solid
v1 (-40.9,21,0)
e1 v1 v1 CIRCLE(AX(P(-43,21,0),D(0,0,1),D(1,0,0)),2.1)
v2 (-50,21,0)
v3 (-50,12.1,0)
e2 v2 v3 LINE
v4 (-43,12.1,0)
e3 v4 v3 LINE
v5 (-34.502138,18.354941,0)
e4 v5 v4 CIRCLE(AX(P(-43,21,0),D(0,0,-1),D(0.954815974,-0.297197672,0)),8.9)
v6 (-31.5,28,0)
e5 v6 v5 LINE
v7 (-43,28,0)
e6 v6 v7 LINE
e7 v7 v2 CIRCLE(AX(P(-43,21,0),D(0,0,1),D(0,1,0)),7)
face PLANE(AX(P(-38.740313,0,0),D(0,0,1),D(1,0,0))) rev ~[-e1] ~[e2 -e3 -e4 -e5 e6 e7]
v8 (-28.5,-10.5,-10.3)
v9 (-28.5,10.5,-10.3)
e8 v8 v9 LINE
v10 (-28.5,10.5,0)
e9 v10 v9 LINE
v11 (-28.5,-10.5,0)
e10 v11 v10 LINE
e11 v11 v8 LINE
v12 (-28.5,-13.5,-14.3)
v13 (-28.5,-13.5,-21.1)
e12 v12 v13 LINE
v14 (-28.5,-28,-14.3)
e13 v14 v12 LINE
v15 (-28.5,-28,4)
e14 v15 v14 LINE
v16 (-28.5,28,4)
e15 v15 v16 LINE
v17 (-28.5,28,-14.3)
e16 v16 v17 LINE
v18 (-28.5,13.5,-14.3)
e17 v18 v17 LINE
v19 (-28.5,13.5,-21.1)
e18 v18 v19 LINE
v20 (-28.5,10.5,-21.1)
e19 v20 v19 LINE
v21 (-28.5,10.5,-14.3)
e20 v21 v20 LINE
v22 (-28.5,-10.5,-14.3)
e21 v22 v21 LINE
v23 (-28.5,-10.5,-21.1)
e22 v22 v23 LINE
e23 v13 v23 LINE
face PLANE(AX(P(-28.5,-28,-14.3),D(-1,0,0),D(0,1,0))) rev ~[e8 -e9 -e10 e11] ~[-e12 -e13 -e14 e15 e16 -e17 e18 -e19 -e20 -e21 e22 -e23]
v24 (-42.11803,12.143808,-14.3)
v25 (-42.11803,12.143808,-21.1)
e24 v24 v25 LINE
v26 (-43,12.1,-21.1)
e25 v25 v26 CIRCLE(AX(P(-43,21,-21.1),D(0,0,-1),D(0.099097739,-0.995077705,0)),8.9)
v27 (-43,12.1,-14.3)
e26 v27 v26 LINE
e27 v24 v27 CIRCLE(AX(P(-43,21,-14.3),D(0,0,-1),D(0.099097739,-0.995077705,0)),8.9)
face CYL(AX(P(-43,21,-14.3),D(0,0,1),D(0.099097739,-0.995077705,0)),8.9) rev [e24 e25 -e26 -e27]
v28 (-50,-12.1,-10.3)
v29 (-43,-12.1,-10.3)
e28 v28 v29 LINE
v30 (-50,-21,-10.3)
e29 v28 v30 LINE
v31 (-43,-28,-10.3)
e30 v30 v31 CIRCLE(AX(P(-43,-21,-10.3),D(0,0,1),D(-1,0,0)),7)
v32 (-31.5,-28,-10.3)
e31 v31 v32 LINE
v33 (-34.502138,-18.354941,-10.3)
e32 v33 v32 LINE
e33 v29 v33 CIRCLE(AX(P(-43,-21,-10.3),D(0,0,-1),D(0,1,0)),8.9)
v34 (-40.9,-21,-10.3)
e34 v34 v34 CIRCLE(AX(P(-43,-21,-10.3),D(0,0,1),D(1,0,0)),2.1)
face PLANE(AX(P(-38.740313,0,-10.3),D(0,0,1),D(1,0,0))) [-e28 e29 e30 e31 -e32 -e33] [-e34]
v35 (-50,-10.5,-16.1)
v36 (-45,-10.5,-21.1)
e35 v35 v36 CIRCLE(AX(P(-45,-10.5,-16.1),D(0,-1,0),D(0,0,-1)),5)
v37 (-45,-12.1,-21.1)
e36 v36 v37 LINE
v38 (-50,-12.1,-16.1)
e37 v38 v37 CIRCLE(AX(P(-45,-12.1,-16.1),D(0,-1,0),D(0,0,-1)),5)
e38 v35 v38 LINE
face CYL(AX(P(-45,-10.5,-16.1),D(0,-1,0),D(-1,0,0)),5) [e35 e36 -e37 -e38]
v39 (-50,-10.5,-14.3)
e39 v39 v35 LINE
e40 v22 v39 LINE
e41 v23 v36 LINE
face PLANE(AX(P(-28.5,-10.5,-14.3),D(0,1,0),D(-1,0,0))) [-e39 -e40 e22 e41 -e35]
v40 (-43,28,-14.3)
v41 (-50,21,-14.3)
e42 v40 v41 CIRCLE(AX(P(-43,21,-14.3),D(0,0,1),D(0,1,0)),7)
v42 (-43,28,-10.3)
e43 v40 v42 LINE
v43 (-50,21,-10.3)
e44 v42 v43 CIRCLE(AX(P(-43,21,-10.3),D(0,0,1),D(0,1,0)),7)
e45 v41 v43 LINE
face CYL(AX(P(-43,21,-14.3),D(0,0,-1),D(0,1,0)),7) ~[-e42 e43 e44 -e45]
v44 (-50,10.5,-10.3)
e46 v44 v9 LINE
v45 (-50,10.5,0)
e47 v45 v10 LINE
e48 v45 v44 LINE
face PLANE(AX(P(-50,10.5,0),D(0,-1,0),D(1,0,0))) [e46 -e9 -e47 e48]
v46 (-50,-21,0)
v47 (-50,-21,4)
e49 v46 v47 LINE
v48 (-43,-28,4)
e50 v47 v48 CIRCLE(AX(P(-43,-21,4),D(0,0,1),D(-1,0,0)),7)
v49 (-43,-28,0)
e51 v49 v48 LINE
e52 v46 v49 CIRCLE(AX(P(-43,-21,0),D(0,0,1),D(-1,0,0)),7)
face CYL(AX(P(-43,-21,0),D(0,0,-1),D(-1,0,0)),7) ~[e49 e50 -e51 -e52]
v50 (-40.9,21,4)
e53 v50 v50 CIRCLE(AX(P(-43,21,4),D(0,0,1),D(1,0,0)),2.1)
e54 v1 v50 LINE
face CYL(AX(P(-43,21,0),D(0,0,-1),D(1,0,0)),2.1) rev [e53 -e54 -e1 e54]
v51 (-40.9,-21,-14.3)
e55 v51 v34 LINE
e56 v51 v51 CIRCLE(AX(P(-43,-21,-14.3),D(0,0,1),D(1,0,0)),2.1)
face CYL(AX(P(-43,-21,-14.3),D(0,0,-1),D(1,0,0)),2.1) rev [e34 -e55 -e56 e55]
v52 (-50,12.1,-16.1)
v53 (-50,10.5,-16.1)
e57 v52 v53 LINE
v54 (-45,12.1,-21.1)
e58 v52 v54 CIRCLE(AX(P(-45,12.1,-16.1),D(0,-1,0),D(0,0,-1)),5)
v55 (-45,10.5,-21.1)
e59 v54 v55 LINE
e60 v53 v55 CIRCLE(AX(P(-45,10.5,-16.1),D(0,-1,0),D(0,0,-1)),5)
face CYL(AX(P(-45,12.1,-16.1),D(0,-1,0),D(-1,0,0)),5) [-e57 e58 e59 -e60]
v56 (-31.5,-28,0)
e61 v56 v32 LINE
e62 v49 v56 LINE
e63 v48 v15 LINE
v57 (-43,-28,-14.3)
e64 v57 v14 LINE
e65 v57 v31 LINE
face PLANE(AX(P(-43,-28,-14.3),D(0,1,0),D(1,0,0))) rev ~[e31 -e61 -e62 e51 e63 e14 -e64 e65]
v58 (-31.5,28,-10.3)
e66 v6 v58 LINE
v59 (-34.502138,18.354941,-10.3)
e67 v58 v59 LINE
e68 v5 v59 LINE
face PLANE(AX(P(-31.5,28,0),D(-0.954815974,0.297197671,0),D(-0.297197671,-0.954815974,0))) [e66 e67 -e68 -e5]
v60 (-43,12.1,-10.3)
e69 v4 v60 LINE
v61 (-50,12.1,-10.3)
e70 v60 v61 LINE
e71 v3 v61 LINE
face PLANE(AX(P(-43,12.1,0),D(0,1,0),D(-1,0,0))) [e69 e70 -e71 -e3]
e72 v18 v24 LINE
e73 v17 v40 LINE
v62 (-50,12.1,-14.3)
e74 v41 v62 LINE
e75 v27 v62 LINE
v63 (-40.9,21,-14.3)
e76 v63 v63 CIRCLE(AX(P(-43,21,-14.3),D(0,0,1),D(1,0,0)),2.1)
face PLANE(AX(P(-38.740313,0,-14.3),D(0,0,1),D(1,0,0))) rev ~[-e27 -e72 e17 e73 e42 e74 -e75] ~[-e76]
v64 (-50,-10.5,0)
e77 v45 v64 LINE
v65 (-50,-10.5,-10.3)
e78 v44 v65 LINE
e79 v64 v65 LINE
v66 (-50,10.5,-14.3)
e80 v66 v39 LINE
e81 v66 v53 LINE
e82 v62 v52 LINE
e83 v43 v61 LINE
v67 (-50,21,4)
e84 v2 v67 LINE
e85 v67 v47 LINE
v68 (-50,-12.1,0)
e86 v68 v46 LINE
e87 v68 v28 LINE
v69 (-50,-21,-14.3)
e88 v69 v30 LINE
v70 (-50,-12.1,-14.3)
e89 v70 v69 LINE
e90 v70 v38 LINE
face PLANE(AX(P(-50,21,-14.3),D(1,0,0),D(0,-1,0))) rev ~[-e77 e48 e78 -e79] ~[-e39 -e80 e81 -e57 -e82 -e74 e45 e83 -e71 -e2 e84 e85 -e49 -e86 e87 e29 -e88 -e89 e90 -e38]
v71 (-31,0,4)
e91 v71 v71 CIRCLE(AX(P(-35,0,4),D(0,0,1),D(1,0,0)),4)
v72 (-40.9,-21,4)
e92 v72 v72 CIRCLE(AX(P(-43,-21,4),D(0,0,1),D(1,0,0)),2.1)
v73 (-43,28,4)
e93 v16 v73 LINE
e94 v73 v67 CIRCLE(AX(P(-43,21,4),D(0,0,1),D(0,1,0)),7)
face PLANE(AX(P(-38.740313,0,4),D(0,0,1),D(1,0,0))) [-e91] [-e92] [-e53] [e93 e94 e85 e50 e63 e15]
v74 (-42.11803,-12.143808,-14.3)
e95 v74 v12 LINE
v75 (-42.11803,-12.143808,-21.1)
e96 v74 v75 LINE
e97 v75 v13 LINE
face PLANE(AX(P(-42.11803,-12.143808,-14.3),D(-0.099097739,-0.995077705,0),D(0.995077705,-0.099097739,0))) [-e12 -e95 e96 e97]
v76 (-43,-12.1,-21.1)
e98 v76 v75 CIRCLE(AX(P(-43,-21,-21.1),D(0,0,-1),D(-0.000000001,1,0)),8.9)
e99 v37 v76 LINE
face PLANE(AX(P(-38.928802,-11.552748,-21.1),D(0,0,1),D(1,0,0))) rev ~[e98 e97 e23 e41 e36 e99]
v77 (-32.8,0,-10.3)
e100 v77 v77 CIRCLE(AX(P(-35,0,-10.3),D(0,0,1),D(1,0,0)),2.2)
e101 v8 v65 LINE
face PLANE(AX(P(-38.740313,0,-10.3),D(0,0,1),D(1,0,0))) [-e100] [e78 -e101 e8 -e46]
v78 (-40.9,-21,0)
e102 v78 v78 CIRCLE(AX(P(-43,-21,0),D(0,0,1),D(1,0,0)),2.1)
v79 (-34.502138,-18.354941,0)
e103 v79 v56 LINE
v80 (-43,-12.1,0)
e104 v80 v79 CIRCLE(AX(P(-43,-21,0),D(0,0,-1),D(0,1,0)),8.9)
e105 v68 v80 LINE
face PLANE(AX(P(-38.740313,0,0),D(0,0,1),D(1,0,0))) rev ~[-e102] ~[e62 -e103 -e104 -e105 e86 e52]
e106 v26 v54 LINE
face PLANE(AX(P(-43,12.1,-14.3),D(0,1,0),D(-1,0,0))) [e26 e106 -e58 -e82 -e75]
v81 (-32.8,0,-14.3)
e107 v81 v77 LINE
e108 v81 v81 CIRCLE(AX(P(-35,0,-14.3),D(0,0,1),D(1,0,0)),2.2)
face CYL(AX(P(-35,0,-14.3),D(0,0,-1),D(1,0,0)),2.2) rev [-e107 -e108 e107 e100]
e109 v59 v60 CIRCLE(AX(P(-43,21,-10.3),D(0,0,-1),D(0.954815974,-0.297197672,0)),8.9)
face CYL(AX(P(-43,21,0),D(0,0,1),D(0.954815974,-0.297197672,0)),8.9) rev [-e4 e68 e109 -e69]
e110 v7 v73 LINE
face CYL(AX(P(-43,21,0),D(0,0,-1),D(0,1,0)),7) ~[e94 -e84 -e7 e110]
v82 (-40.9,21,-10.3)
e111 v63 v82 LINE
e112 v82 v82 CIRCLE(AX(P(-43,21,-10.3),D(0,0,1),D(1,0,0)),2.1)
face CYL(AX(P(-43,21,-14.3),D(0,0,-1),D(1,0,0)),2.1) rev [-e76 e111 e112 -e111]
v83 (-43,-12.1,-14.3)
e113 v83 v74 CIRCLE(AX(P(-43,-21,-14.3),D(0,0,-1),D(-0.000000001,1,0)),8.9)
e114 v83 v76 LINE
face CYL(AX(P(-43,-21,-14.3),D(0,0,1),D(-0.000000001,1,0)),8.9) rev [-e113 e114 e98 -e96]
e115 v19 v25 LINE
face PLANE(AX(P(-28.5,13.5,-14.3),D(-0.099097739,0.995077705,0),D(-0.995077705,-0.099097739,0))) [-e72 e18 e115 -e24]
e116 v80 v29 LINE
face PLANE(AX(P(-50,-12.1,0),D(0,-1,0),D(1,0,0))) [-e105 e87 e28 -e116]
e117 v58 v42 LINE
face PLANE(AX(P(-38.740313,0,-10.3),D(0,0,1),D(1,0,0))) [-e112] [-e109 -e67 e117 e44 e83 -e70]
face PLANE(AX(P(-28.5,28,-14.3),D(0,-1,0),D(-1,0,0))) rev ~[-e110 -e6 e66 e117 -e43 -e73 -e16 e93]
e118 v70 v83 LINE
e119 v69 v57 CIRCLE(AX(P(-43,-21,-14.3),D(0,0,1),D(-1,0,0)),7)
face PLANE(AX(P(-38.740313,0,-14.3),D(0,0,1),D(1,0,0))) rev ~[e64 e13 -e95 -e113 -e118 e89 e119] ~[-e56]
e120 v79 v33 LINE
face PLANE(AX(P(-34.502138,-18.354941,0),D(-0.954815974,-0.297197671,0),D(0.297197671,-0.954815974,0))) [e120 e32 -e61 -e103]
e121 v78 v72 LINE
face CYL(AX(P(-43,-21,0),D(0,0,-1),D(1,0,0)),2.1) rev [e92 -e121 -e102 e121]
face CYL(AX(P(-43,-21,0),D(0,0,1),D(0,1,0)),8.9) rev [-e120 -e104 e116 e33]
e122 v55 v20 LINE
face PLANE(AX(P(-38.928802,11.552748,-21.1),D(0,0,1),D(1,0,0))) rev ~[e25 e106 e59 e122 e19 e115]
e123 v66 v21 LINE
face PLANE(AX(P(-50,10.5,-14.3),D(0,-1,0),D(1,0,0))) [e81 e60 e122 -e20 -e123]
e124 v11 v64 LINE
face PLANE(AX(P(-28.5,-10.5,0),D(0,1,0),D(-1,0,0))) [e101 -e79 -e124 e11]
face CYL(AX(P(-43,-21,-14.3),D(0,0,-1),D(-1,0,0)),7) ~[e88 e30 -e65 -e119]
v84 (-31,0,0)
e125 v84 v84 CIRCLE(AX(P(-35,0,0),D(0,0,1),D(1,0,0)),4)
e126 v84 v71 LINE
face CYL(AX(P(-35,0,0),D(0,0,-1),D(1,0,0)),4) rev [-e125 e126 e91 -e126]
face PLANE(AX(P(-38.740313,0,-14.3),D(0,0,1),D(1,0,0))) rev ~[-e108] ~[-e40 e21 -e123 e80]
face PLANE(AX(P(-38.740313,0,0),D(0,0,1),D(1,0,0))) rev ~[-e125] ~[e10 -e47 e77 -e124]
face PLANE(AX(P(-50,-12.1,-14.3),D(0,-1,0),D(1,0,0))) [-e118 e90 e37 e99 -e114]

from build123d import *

# Parameters (mm, degrees)
SKETCH_1_R      = 2.1
SKETCH_1_R_2    = 4
EXTRUDE_1_DEPTH = 4
EXTRUDE_2_DEPTH = 10.3
EXTRUDE_START   = -14.3
SKETCH_1_6_R    = 2.1
SKETCH_1_6_R_2  = 2.2
EXTRUDE_3_DEPTH = 4
EXTRUDE_4_DEPTH = 6.8
FILLET_1_R      = 5


with BuildPart() as part:
    # 草图1 → 凸台-拉伸1 (new body)
    with BuildSketch(Plane.XY):
        with BuildLine():
            ThreePointArc((-43, 28), (-47.949747468, 25.949747468), (-50, 21))
            Line((-50, 21), (-50, -21))
            ThreePointArc((-50, -21), (-47.949747468, -25.949747468), (-43, -28))
            Line((-43, -28), (-28.5, -28))
            Line((-28.5, -28), (-28.5, 28))
            Line((-28.5, 28), (-43, 28))
        make_face()
        with Locations((-43, 21)):
            Circle(SKETCH_1_R, mode=Mode.SUBTRACT)
        with Locations((-35, 0)):
            Circle(SKETCH_1_R_2, mode=Mode.SUBTRACT)
        with Locations((-43, -21)):
            Circle(SKETCH_1_R, mode=Mode.SUBTRACT)
    extrude(amount=EXTRUDE_1_DEPTH)

    # 草图1<5> → 凸台-拉伸2 (add)
    with BuildSketch(Plane.XY):
        with BuildLine():
            Line((-43, 12.1), (-50, 12.1))
            Line((-50, 12.1), (-50, 10.5))
            Line((-50, 10.5), (-28.5, 10.5))
            Line((-28.5, 10.5), (-28.5, 28))
            Line((-28.5, 28), (-31.5, 28))
            Line((-31.5, 28), (-34.502137832, 18.354940724))
            ThreePointArc((-34.502137832, 18.354940724), (-37.724160141, 13.832328567), (-43, 12.1))
        make_face()
        with BuildLine():
            Line((-28.5, -10.5), (-50, -10.5))
            Line((-50, -10.5), (-50, -12.1))
            Line((-50, -12.1), (-43, -12.1))
            ThreePointArc((-43, -12.1), (-37.724160141, -13.832328567), (-34.502137832, -18.354940724))
            Line((-34.502137832, -18.354940724), (-31.5, -28))
            Line((-31.5, -28), (-28.5, -28))
            Line((-28.5, -28), (-28.5, -10.5))
        make_face()
    extrude(amount=-EXTRUDE_2_DEPTH)

    # 草图1<6> → 凸台-拉伸3 (add)
    with BuildSketch(Plane.XY.offset(EXTRUDE_START)):
        with BuildLine():
            ThreePointArc((-43, 28), (-47.949747468, 25.949747468), (-50, 21))
            Line((-50, 21), (-50, -21))
            ThreePointArc((-50, -21), (-47.949747468, -25.949747468), (-43, -28))
            Line((-43, -28), (-28.5, -28))
            Line((-28.5, -28), (-28.5, 28))
            Line((-28.5, 28), (-43, 28))
        make_face()
        with Locations((-43, 21)):
            Circle(SKETCH_1_6_R, mode=Mode.SUBTRACT)
        with Locations((-43, -21)):
            Circle(SKETCH_1_6_R, mode=Mode.SUBTRACT)
        with Locations((-35, 0)):
            Circle(SKETCH_1_6_R_2, mode=Mode.SUBTRACT)
    extrude(amount=EXTRUDE_3_DEPTH)

    # 草图1<7> → 凸台-拉伸4 (add)
    with BuildSketch(Plane.XY.offset(EXTRUDE_START)):
        with BuildLine():
            Line((-43, 12.1), (-50, 12.1))
            Line((-50, 12.1), (-50, 10.5))
            Line((-50, 10.5), (-28.5, 10.5))
            Line((-28.5, 10.5), (-28.5, 13.5))
            Line((-28.5, 13.5), (-42.118030123, 12.143808429))
            ThreePointArc((-42.118030123, 12.143808429), (-42.558471393, 12.110958854), (-43, 12.1))
        make_face()
        with BuildLine():
            Line((-28.5, -10.5), (-50, -10.5))
            Line((-50, -10.5), (-50, -12.1))
            Line((-50, -12.1), (-43, -12.1))
            ThreePointArc((-43, -12.1), (-42.558471393, -12.110958854), (-42.118030123, -12.143808429))
            Line((-42.118030123, -12.143808429), (-28.5, -13.5))
            Line((-28.5, -13.5), (-28.5, -10.5))
        make_face()
    extrude(amount=-EXTRUDE_4_DEPTH)

    # 圆角1
    fillet_1_edges = [part.edges().sort_by_distance(p)[0] for p in [
        (-50, 11.3, -21.1),
        (-50, -11.3, -21.1),
    ]]
    fillet(fillet_1_edges, radius=FILLET_1_R)


solid = part.part
